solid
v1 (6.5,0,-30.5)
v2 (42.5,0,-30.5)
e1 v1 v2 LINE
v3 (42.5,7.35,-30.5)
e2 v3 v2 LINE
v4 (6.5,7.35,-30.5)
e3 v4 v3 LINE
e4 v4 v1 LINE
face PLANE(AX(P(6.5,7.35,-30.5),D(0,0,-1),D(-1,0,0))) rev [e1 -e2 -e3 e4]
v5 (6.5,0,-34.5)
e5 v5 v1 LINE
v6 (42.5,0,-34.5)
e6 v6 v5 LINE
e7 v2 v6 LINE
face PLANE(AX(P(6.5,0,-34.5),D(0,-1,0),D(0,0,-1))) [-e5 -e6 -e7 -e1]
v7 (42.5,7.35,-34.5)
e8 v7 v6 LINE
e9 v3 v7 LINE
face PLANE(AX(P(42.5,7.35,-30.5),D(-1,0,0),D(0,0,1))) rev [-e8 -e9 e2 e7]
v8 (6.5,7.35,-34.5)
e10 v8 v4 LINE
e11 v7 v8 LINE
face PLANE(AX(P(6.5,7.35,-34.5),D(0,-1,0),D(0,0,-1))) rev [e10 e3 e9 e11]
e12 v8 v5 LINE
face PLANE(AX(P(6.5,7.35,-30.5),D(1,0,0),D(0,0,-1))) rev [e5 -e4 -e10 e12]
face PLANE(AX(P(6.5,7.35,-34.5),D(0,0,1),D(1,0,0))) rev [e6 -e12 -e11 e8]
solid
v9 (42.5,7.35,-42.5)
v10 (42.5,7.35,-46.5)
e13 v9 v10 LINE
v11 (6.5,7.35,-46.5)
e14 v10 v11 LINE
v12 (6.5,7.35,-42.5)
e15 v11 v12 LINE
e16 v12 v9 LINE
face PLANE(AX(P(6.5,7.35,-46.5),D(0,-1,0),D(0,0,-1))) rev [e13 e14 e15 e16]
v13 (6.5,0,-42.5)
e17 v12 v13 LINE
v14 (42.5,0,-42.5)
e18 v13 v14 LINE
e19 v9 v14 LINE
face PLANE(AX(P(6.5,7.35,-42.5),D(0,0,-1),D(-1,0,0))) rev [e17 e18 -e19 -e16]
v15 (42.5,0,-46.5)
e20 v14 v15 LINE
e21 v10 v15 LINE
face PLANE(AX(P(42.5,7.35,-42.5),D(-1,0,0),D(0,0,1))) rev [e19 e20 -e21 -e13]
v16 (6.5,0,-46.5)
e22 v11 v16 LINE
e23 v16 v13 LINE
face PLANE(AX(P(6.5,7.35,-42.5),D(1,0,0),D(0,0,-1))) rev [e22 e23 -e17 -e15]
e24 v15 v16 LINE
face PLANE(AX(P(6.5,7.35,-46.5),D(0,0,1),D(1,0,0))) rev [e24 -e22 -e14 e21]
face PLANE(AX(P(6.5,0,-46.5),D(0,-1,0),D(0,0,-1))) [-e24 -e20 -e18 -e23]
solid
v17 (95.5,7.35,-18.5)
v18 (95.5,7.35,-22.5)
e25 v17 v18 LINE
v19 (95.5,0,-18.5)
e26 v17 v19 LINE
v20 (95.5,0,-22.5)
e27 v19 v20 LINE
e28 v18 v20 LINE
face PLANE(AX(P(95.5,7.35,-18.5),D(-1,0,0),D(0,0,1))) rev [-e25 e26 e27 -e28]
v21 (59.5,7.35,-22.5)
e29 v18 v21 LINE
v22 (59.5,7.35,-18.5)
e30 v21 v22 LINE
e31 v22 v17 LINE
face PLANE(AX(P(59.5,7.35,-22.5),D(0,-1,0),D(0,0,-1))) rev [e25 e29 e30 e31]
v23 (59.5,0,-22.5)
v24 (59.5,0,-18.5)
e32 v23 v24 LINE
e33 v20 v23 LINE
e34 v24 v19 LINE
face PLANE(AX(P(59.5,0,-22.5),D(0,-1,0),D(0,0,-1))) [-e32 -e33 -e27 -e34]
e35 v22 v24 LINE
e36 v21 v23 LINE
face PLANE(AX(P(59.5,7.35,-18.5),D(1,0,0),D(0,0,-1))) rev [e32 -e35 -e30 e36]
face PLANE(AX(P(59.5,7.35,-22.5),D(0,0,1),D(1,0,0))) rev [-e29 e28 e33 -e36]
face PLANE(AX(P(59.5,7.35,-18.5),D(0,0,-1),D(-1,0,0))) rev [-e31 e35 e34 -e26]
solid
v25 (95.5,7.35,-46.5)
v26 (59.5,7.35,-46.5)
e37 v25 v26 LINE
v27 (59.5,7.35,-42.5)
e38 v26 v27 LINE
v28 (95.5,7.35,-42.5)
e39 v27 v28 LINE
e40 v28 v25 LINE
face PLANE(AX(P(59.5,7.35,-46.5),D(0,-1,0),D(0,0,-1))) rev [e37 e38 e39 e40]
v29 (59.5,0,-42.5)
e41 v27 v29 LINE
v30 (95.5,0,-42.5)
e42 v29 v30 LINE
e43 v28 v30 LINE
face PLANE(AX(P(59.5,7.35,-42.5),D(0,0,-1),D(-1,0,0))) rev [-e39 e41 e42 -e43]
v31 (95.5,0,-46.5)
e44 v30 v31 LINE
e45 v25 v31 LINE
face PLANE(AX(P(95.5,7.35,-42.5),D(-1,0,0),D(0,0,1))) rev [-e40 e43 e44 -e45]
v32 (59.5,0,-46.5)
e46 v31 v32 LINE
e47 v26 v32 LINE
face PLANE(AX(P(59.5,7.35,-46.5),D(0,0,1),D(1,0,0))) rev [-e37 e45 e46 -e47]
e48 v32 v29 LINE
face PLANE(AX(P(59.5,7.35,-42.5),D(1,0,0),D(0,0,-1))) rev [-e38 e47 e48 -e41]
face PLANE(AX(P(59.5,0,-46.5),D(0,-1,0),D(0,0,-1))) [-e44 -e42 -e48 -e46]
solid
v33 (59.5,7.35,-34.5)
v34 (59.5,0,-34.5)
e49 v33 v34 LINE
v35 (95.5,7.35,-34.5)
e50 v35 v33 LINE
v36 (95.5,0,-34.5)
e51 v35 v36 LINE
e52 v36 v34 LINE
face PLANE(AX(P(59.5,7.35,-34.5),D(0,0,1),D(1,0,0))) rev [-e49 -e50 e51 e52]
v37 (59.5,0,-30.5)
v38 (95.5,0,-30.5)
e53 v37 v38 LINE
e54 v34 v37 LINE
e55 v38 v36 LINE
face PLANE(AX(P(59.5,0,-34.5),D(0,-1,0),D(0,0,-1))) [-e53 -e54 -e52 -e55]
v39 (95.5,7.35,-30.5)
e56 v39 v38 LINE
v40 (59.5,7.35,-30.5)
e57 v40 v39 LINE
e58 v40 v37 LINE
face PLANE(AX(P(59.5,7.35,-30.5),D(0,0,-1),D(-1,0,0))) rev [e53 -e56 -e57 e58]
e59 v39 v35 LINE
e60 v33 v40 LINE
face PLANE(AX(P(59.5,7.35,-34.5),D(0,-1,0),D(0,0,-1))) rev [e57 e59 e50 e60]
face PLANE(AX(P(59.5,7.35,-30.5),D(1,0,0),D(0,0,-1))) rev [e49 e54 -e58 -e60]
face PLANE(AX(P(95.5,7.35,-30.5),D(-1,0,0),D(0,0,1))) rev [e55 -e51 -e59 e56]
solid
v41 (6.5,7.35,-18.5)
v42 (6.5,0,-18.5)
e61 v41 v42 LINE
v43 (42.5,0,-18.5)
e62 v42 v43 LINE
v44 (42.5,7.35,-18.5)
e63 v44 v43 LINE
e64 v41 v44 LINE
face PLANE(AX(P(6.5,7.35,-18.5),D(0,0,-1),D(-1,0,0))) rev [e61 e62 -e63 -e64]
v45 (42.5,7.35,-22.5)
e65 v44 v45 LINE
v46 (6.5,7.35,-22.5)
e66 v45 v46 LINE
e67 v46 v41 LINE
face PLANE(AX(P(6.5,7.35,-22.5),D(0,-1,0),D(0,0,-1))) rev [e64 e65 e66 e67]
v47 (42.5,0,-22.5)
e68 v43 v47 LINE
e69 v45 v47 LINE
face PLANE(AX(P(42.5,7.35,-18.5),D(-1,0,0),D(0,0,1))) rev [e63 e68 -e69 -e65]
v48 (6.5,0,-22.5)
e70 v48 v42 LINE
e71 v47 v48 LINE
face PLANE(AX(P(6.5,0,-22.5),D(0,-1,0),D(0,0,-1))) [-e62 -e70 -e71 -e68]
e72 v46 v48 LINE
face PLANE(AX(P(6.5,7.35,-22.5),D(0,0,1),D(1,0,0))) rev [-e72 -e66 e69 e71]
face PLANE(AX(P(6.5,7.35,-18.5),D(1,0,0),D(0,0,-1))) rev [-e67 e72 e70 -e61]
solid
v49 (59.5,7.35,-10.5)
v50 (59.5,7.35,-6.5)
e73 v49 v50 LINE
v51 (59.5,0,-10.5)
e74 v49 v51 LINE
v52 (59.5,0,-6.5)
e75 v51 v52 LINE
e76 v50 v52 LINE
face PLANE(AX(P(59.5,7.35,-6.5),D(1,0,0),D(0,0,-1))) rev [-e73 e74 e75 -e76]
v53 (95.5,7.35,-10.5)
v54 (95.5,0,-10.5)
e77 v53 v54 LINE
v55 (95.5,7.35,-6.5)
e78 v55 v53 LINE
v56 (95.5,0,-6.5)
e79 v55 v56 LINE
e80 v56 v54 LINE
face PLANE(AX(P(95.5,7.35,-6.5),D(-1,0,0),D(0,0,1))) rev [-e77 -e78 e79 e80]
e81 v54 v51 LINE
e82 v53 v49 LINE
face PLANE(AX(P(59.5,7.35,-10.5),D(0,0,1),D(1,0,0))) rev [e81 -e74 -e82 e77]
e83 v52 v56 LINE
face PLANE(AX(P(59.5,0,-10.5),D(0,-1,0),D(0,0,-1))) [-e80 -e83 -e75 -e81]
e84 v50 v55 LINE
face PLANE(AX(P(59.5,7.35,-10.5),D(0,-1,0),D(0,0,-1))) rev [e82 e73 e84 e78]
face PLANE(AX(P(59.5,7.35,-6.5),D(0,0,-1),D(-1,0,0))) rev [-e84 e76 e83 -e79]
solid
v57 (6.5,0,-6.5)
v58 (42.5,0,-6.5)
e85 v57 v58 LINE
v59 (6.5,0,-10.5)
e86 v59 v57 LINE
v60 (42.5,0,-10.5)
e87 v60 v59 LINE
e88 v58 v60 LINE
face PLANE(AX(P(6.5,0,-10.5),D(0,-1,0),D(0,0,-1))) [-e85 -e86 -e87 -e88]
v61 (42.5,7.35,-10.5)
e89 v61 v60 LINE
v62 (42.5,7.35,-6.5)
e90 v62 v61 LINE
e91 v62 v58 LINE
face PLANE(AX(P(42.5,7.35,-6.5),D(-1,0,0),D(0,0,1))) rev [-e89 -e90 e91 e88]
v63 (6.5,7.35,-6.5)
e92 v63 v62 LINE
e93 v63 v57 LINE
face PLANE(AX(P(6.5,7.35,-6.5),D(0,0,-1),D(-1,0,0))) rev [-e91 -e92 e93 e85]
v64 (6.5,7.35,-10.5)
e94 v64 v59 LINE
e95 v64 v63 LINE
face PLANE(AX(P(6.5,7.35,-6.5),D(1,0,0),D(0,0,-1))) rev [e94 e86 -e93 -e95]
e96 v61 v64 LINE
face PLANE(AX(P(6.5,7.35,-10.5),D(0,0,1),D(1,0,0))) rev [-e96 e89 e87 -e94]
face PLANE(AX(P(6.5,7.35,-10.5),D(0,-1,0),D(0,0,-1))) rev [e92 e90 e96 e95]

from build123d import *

# Parameters (mm, degrees)
SKETCH1_W             = 36
SKETCH1_H             = 4
BOSS_EXTRUDE1_DEPTH   = 7.35
BOSS_EXTRUDE1_2_DEPTH = 7.35
BOSS_EXTRUDE1_3_DEPTH = 7.35
BOSS_EXTRUDE1_4_DEPTH = 7.35
BOSS_EXTRUDE1_5_DEPTH = 7.35
BOSS_EXTRUDE1_6_DEPTH = 7.35
BOSS_EXTRUDE1_7_DEPTH = 7.35
BOSS_EXTRUDE1_8_DEPTH = 7.35


with BuildPart() as part:
    # Sketch1 → Boss-Extrude1 (new body)
    with BuildSketch(Plane(origin=(0, 0, 0), x_dir=(1, 0, 0), z_dir=(0, 1, 0))):
        with Locations((24.5, 20.5)):
            Rectangle(SKETCH1_W, SKETCH1_H)
    extrude(amount=BOSS_EXTRUDE1_DEPTH)


with BuildPart() as body_2:
    # Sketch1 → Boss-Extrude1 2 (new body)
    with BuildSketch(Plane(origin=(0, 0, 0), x_dir=(1, 0, 0), z_dir=(0, 1, 0))):
        with Locations((24.5, 8.5)):
            Rectangle(SKETCH1_W, SKETCH1_H)
    extrude(amount=BOSS_EXTRUDE1_2_DEPTH)


with BuildPart() as body_3:
    # Sketch1 → Boss-Extrude1 3 (new body)
    with BuildSketch(Plane(origin=(0, 0, 0), x_dir=(1, 0, 0), z_dir=(0, 1, 0))):
        with Locations((24.5, 32.5)):
            Rectangle(SKETCH1_W, SKETCH1_H)
    extrude(amount=BOSS_EXTRUDE1_3_DEPTH)


with BuildPart() as body_4:
    # Sketch1 → Boss-Extrude1 4 (new body)
    with BuildSketch(Plane(origin=(0, 0, 0), x_dir=(1, 0, 0), z_dir=(0, 1, 0))):
        with Locations((24.5, 44.5)):
            Rectangle(SKETCH1_W, SKETCH1_H)
    extrude(amount=BOSS_EXTRUDE1_4_DEPTH)


with BuildPart() as body_5:
    # Sketch1 → Boss-Extrude1 5 (new body)
    with BuildSketch(Plane(origin=(0, 0, 0), x_dir=(1, 0, 0), z_dir=(0, 1, 0))):
        with Locations((77.5, 8.5)):
            Rectangle(SKETCH1_W, SKETCH1_H)
    extrude(amount=BOSS_EXTRUDE1_5_DEPTH)


with BuildPart() as body_6:
    # Sketch1 → Boss-Extrude1 6 (new body)
    with BuildSketch(Plane(origin=(0, 0, 0), x_dir=(1, 0, 0), z_dir=(0, 1, 0))):
        with Locations((77.5, 20.5)):
            Rectangle(SKETCH1_W, SKETCH1_H)
    extrude(amount=BOSS_EXTRUDE1_6_DEPTH)


with BuildPart() as body_7:
    # Sketch1 → Boss-Extrude1 7 (new body)
    with BuildSketch(Plane(origin=(0, 0, 0), x_dir=(1, 0, 0), z_dir=(0, 1, 0))):
        with Locations((77.5, 32.5)):
            Rectangle(SKETCH1_W, SKETCH1_H)
    extrude(amount=BOSS_EXTRUDE1_7_DEPTH)


with BuildPart() as body_8:
    # Sketch1 → Boss-Extrude1 8 (new body)
    with BuildSketch(Plane(origin=(0, 0, 0), x_dir=(1, 0, 0), z_dir=(0, 1, 0))):
        with Locations((77.5, 44.5)):
            Rectangle(SKETCH1_W, SKETCH1_H)
    extrude(amount=BOSS_EXTRUDE1_8_DEPTH)


solid = Compound([part.part, body_2.part, body_3.part, body_4.part, body_5.part, body_6.part, body_7.part, body_8.part])
